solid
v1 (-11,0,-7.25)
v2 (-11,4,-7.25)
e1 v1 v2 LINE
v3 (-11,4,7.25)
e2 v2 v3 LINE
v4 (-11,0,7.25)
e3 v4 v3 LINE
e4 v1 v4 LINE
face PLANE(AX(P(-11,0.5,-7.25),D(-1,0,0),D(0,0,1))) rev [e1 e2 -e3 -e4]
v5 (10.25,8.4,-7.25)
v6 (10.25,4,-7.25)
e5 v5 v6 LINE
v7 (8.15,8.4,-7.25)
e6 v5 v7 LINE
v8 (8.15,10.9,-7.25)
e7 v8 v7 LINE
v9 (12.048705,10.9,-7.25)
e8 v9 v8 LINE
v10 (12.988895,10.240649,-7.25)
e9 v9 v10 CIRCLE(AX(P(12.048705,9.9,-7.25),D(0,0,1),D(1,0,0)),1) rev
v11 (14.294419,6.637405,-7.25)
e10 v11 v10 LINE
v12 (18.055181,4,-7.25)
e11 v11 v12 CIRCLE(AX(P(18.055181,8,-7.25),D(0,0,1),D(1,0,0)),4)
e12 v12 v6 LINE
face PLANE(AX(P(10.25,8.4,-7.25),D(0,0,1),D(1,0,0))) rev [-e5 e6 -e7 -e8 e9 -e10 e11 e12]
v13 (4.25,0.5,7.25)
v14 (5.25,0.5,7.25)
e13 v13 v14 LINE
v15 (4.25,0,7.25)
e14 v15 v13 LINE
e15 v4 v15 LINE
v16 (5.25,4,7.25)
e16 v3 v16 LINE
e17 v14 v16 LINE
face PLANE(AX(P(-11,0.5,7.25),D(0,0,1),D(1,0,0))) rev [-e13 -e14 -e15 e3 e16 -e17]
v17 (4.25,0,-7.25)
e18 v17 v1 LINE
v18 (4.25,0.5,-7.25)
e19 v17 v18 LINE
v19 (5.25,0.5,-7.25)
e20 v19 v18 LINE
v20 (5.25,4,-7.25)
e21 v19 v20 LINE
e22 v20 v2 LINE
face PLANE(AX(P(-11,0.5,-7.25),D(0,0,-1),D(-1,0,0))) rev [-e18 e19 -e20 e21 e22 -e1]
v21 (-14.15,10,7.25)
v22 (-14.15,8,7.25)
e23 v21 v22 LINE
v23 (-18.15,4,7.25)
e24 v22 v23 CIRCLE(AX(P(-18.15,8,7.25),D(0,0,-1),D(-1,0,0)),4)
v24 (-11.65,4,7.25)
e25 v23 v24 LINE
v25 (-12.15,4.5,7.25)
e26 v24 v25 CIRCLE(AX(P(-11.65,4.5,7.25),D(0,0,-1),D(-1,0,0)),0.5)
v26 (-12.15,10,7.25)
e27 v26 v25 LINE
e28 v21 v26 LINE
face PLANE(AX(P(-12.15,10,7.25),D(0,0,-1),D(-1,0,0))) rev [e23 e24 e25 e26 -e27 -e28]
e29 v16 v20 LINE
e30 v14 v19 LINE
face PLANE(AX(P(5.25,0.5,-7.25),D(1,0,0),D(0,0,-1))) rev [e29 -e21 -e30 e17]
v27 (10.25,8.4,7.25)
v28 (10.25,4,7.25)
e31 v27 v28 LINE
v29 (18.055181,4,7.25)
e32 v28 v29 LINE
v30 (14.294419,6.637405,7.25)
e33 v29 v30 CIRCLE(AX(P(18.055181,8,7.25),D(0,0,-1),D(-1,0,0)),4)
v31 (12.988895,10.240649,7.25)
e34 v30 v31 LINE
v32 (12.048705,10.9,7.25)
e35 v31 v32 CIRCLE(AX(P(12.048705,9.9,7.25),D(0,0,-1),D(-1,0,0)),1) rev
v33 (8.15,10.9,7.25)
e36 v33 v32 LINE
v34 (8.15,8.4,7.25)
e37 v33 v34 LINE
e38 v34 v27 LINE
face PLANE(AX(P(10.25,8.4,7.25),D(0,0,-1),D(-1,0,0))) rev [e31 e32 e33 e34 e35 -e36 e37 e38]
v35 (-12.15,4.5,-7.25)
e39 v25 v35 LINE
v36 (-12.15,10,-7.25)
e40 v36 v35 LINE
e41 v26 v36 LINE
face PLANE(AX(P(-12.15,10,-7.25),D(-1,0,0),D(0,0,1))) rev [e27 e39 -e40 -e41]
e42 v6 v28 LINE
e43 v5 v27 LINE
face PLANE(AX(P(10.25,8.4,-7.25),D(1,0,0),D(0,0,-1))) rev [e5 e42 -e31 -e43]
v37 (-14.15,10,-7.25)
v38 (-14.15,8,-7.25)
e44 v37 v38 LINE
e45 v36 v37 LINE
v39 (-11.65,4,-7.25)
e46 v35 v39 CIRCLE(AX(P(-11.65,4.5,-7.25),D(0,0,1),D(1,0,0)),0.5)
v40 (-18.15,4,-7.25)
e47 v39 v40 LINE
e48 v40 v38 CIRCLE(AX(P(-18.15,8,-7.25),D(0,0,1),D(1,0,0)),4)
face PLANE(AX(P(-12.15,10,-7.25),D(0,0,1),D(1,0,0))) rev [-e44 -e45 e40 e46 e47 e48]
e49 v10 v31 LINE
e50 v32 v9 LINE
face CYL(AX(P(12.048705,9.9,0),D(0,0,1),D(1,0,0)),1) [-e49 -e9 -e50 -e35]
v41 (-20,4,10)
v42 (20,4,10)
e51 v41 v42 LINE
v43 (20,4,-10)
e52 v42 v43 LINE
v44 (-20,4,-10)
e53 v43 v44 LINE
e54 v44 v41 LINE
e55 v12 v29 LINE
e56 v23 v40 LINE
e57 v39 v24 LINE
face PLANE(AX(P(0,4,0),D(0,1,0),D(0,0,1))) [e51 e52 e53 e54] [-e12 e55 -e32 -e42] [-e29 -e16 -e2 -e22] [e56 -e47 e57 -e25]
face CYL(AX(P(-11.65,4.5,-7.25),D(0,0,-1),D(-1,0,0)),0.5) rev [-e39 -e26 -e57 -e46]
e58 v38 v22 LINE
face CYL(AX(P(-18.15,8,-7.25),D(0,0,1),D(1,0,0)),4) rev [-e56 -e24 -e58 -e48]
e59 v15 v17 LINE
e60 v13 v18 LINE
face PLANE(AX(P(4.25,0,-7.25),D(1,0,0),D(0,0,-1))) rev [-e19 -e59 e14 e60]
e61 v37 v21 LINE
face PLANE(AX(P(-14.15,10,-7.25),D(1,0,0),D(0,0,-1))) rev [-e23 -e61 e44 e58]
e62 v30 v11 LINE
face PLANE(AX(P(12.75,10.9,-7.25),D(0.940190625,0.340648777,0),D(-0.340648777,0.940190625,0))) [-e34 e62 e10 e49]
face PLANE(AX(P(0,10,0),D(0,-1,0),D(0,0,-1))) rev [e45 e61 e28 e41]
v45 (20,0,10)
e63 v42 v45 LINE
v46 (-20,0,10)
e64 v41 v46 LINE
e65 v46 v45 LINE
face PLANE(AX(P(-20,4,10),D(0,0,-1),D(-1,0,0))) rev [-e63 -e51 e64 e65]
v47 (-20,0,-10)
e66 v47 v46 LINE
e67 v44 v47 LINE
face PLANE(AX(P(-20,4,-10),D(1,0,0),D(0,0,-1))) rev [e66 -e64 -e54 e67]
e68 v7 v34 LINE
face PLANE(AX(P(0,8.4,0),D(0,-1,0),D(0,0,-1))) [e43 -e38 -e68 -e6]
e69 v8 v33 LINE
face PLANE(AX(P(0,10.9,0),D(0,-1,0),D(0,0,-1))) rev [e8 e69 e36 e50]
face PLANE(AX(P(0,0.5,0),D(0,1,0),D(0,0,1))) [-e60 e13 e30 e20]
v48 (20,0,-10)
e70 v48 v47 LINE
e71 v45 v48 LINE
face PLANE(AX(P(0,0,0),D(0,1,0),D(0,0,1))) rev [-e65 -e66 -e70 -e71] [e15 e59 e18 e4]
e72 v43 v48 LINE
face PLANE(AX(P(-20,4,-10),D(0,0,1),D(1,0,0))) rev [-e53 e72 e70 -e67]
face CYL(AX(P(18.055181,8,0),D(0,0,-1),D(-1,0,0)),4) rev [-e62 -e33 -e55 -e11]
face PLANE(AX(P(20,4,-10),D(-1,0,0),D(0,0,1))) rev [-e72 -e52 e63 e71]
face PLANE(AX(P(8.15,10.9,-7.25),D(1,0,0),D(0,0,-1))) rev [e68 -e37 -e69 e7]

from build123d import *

# Parameters (mm, degrees)
SKETCH1_W           = 40
SKETCH1_H           = 20
BOSS_EXTRUDE1_DEPTH = 4
SKETCH2_W           = 16.25
SKETCH2_H           = 14.5
CUT_EXTRUDE2_DEPTH  = 3.5
SKETCH3_W           = 15.25
SKETCH3_H           = 14.5
CUT_EXTRUDE3_DEPTH  = 0.5
SKETCH4_W           = 2
SKETCH4_H           = 14.5
BOSS_EXTRUDE2_DEPTH = 6
FILLET1_R           = 4
FILLET2_R           = 0.5
SKETCH5_W           = 2.5
SKETCH5_H           = 14.5
BOSS_EXTRUDE3_DEPTH = 4.4
SKETCH6_W           = 4.6
SKETCH6_H           = 14.5
BOSS_EXTRUDE4_DEPTH = 2.5
BOSS_EXTRUDE5_DEPTH = 14.5
FILLET3_R           = 1
FILLET4_R           = 4


with BuildPart() as part:
    # Sketch1 → Boss-Extrude1 (new body)
    with BuildSketch(Plane(origin=(0, 0, 0), x_dir=(1, 0, 0), z_dir=(0, 1, 0))):
        Rectangle(SKETCH1_W, SKETCH1_H)
    extrude(amount=BOSS_EXTRUDE1_DEPTH)

    # Sketch2 → Cut-Extrude2 (cut)
    with BuildSketch(Plane(origin=(0, 4, 0), x_dir=(1, 0, 0), z_dir=(0, 1, 0))):
        with Locations((-2.875, 0)):
            Rectangle(SKETCH2_W, SKETCH2_H)
    extrude(amount=-CUT_EXTRUDE2_DEPTH, mode=Mode.SUBTRACT)

    # Sketch3 → Cut-Extrude3 (cut)
    with BuildSketch(Plane(origin=(0, 0.5, 0), x_dir=(1, 0, 0), z_dir=(0, 1, 0))):
        with Locations((-3.375, 0)):
            Rectangle(SKETCH3_W, SKETCH3_H)
    extrude(amount=-CUT_EXTRUDE3_DEPTH, mode=Mode.SUBTRACT)

    # Sketch4 → Boss-Extrude2 (add)
    with BuildSketch(Plane(origin=(0, 4, 0), x_dir=(1, 0, 0), z_dir=(0, 1, 0))):
        with Locations((-13.15, 0)):
            Rectangle(SKETCH4_W, SKETCH4_H)
    extrude(amount=BOSS_EXTRUDE2_DEPTH)

    # Fillet1
    fillet1_edges = [part.edges().sort_by_distance(p)[0] for p in [
        (-14.15, 4, 0),
    ]]
    fillet(fillet1_edges, radius=FILLET1_R)

    # Fillet2
    fillet2_edges = [part.edges().sort_by_distance(p)[0] for p in [
        (-12.15, 4, 0),
    ]]
    fillet(fillet2_edges, radius=FILLET2_R)

    # Sketch5 → Boss-Extrude3 (add)
    with BuildSketch(Plane(origin=(0, 4, 0), x_dir=(1, 0, 0), z_dir=(0, 1, 0))):
        with Locations((11.5, 0)):
            Rectangle(SKETCH5_W, SKETCH5_H)
    extrude(amount=BOSS_EXTRUDE3_DEPTH)

    # Sketch6 → Boss-Extrude4 (add)
    with BuildSketch(Plane(origin=(0, 8.4, 0), x_dir=(1, 0, 0), z_dir=(0, 1, 0))):
        with Locations((10.45, 0)):
            Rectangle(SKETCH6_W, SKETCH6_H)
    extrude(amount=BOSS_EXTRUDE4_DEPTH)

    # Sketch7 → Boss-Extrude5 (add)
    with BuildSketch(Plane.XY.offset(7.25)):
        Polygon((12.75, 4), (15.25, 4), (12.75, 10.9), align=None)
    extrude(amount=-BOSS_EXTRUDE5_DEPTH)

    # Fillet3
    fillet3_edges = [part.edges().sort_by_distance(p)[0] for p in [
        (12.75, 10.9, 0),
    ]]
    fillet(fillet3_edges, radius=FILLET3_R)

    # Fillet4
    fillet4_edges = [part.edges().sort_by_distance(p)[0] for p in [
        (15.25, 4, 0),
    ]]
    fillet(fillet4_edges, radius=FILLET4_R)


solid = part.part
